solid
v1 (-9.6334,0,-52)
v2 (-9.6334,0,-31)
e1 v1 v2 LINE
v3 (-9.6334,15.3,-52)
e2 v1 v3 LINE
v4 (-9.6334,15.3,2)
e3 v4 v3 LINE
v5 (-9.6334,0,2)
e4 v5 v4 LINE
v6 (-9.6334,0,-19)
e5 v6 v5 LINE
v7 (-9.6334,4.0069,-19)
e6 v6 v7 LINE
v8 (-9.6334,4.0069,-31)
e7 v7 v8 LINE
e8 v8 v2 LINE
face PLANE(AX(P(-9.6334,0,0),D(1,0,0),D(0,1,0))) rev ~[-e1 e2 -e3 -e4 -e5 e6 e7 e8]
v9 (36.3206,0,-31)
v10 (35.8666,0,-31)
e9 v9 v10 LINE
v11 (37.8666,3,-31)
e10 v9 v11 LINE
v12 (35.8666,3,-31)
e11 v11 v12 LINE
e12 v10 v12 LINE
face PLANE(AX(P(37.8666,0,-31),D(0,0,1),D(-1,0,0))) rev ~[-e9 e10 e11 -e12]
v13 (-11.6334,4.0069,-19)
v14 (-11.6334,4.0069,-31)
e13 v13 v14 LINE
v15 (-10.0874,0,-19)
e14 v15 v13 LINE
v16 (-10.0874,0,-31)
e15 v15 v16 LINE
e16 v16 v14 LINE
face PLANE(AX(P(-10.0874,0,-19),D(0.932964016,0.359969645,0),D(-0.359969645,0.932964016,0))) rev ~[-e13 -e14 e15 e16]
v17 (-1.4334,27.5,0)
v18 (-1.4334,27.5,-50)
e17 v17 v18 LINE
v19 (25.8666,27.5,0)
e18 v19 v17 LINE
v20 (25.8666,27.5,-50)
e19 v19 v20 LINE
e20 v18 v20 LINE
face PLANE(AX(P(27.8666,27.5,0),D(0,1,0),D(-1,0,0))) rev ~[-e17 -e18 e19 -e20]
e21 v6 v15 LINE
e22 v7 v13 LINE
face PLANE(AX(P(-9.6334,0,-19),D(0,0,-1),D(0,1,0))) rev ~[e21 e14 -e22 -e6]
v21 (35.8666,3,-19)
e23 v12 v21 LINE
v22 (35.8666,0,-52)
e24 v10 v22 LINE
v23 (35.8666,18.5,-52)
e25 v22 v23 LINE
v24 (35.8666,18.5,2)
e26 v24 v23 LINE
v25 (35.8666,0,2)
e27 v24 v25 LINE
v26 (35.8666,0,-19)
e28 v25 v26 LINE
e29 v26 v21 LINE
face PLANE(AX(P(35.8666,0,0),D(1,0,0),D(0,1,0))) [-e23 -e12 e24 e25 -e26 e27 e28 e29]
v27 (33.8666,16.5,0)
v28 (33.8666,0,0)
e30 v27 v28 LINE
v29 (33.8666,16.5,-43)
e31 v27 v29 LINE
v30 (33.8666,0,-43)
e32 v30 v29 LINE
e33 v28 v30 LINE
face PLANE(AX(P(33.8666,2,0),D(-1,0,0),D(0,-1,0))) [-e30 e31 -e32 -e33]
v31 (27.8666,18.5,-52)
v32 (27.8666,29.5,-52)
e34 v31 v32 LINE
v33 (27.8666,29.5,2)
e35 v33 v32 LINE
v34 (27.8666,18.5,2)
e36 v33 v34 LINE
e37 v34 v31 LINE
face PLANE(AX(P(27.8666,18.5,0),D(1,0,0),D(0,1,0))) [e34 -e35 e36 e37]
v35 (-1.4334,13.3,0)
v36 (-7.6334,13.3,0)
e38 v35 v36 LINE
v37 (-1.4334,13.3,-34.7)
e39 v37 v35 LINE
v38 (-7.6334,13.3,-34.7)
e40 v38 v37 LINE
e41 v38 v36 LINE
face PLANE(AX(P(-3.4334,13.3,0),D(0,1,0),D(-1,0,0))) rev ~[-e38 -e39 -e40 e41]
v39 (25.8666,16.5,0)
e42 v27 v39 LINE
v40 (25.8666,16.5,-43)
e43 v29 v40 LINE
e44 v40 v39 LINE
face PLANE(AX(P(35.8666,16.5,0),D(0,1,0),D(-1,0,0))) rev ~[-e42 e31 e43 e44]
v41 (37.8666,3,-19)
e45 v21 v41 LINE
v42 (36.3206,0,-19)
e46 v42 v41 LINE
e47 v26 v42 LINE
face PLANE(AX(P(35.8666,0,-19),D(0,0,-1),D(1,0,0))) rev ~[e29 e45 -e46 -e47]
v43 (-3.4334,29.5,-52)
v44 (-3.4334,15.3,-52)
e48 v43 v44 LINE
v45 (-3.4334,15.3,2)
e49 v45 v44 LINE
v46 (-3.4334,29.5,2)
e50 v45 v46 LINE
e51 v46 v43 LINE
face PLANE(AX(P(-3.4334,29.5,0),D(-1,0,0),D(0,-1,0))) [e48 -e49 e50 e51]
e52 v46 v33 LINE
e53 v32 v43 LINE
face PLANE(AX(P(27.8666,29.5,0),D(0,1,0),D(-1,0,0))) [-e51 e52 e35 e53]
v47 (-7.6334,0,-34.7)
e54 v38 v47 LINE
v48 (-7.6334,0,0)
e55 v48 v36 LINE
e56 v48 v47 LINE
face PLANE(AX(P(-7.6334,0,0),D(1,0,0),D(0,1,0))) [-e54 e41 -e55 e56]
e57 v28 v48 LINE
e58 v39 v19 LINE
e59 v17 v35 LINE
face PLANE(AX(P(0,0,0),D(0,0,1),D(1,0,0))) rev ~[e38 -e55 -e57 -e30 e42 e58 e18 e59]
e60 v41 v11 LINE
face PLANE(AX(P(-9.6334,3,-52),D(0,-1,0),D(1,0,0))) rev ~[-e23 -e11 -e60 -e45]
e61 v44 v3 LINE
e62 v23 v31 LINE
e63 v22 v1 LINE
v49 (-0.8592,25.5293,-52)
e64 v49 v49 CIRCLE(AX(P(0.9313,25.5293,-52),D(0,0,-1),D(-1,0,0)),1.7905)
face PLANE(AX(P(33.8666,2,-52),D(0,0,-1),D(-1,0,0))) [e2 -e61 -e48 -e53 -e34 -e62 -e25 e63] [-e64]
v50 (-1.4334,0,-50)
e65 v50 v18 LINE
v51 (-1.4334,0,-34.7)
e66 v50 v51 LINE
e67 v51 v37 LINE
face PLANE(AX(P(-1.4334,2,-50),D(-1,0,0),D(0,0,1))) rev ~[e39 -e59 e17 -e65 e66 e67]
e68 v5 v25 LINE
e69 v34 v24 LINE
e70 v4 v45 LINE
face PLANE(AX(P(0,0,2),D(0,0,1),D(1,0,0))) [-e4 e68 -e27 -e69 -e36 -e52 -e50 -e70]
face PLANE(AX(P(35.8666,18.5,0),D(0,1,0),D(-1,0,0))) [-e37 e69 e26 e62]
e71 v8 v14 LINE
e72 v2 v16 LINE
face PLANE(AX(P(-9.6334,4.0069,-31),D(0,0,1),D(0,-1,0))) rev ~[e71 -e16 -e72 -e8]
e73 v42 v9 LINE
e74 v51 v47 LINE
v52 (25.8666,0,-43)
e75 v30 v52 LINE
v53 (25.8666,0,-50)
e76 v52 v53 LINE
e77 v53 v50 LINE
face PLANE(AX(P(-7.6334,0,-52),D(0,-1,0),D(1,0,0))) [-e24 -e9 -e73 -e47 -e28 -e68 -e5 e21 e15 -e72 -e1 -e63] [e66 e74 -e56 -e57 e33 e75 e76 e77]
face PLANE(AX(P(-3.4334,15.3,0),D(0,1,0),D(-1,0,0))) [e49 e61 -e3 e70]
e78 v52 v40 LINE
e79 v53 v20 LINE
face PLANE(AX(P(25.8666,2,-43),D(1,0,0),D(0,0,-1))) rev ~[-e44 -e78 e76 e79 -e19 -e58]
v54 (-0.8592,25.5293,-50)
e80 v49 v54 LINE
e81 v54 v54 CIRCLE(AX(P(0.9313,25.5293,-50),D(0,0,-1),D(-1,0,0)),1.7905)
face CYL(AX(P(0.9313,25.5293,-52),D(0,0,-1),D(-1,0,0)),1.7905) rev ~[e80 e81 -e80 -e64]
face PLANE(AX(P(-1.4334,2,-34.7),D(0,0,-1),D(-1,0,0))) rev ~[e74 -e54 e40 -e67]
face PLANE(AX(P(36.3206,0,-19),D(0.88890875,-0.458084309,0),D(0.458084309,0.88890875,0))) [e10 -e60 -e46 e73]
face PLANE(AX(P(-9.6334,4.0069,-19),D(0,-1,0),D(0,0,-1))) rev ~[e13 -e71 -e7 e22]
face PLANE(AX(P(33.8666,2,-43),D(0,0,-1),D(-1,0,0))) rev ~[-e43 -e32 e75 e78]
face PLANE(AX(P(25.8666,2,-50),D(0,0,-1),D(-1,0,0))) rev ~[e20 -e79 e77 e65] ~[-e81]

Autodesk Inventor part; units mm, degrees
ref_plane "YZ Plane" through (0, 0, 0) normal (1, 0, 0) x (0, 1, 0)
ref_plane "XZ Plane" through (0, 0, 0) normal (0, 1, 0) x (-1, 0, 0)
ref_plane "XY Plane" through (0, 0, 0) normal (0, 0, 1) x (1, 0, 0)
sketch "Sketch1" plane through (0, 0, 0) normal (0, 0, 1) x (1, 0, 0)
  line L0 (-9.6334, 0) -> (35.8666, 0)
  line L1 (35.8666, 0) -> (35.8666, 18.5)
  line L2 (35.8666, 18.5) -> (27.8666, 18.5)
  line L3 (27.8666, 18.5) -> (27.8666, 29.5)
  line L4 (27.8666, 29.5) -> (-3.4334, 29.5)
  line L5 (-3.4334, 29.5) -> (-3.4334, 15.3)
  line L6 (-3.4334, 15.3) -> (-9.6334, 15.3)
  line L7 (-9.6334, 0) -> (-9.6334, 15.3)
  point P0 (0, 0)
  dimension "d0" = 45.5
  dimension "d1" = 18.5
  dimension "d2" = 8
  dimension "d3" = 11
  dimension "d4" = 31.3
  dimension "d5" = 14.2
  dimension "d6" = 6.2
extrude "Extrusion1" add sketch "Sketch1" against normal blind 52
shell "Shell1" thickness 2 removed faces 1 at (7.5999, 5.1, 0)
sketch "Sketch2" plane through (-7.6334, 2, -50) normal (0, 0, 1) x (1, 0, 0)
  line L0 (41.5, 0) -> (0, 0) projected
  line L1 (0, 11.3) -> (6.2, 11.3)
  line L2 (6.2, 11.3) -> (6.2, 0)
  line L3 (6.2, 0) -> (0, 0)
  line L4 (0, 0) -> (0, 11.3)
  point P0 (7.6334, -2)
extrude "Extrusion2" add sketch "Sketch2" along normal blind 15.3
sketch "Sketch3" plane through (-1.4334, 2, -50) normal (0, 0, 1) x (1, 0, 0)
  line L0 (35.3, 0) -> (0, 0) projected
  line L1 (35.3, 14.5) -> (27.3, 14.5)
  line L2 (27.3, 14.5) -> (27.3, 0)
  line L3 (27.3, 0) -> (35.3, 0)
  line L4 (35.3, 0) -> (35.3, 14.5)
  point P0 (1.4334, -2)
extrude "Extrusion3" add sketch "Sketch3" along normal blind 7
sketch "Sketch4" plane through (0, 0, 0) normal (0, 0, 1) x (1, 0, 0)
  line L0 (-9.6334, 0) -> (35.8666, 0) projected
  line L1 (-7.6334, 2) -> (33.8666, 2)
  line L2 (33.8666, 2) -> (33.8666, 0)
  line L3 (33.8666, 0) -> (-7.6334, 0)
  line L4 (-7.6334, 0) -> (-7.6334, 2)
  point P0 (0, 0)
extrude "Extrusion4" cut sketch "Sketch4" against normal blind 151
sketch "Sketch5" plane through (-7.6334, 2, -52) normal (0, -1, 0) x (1, 0, 0)
  line L0 (41.5, 0) -> (0, 0) projected
  line L1 (41.5, 9) -> (41.5, 0) projected
  line L2 (41.5, 9) -> (33.5, 9) projected
  line L3 (33.5, 9) -> (33.5, 2) projected
  line L4 (33.5, 2) -> (6.2, 2) projected
  line L5 (6.2, 2) -> (6.2, 17.3) projected
  line L6 (6.2, 17.3) -> (0, 17.3) projected
  line L7 (0, 17.3) -> (0, 0) projected
  point P0 (7.6334, 52)
extrude "Extrusion5" add sketch "Sketch5" along normal blind 2
sketch "Sketch6" plane through (0, 0, 0) normal (0, 0, 1) x (1, 0, 0)
  line L0 (-3.4334, 29.5) -> (27.8666, 29.5)
  line L1 (27.8666, 29.5) -> (27.8666, 0)
  line L2 (27.8666, 0) -> (-3.4334, 0)
  line L3 (-3.4334, 0) -> (-3.4334, 29.5)
  line L4 (-9.6334, 15.3) -> (-3.4334, 15.3)
  line L5 (-3.4334, 15.3) -> (-3.4334, 0)
  line L6 (-3.4334, 0) -> (-9.6334, 0)
  line L7 (-9.6334, 0) -> (-9.6334, 15.3)
  line L8 (27.8666, 18.5) -> (35.8666, 18.5)
  line L9 (35.8666, 18.5) -> (35.8666, 0)
  line L10 (35.8666, 0) -> (27.8666, 0)
  line L11 (27.8666, 0) -> (27.8666, 18.5)
  point P0 (0, 0)
extrude "Extrusion6" add sketch "Sketch6" along normal blind 2
sketch "Sketch7" plane through (-9.6334, 0, -52) normal (-1, 0, 0) x (0, 0, 1)
  line L0 (0, 0) -> (0, 15.3) projected
  line L1 (54, 0) -> (0, 0) projected
  line L2 (21, 0) -> (33, 0)
  line L3 (33, 0) -> (33, 4.0069)
  line L4 (33, 4.0069) -> (21, 4.0069)
  line L5 (21, 4.0069) -> (21, 0)
  point P0 (52, 0)
  dimension "d20" = 54
  dimension "d21" = 12
  dimension "d22" = 21
extrude "Extrusion7" add sketch "Sketch7" along normal blind 2
sketch "Sketch8" plane through (-9.6334, 0, -52) normal (0, -1, 0) x (1, 0, 0)
  line L0 (45.5, 0) -> (45.5, 54) projected
  line L1 (45.5, 33) -> (47.5, 33)
  line L2 (47.5, 33) -> (47.5, 21)
  line L3 (47.5, 21) -> (45.5, 21)
  line L4 (45.5, 21) -> (45.5, 33)
  point P0 (9.6334, 52)
  dimension "d25" = 2
extrude "Extrusion8" add sketch "Sketch8" against normal blind 3
sketch "Sketch9" plane through (35.8666, 0, -19) normal (0, 0, 1) x (1, 0, 0)
  line L0 (2, 0) -> (0, 0) projected
  line L1 (2, 0) -> (2, 3) projected
  line L2 (0, 0) -> (0, 3) projected
  line L3 (0.454, 0) -> (2, 3)
  line L4 (2, 3) -> (2, 0)
  point P0 (-35.8666, 0)
extrude "Extrusion9" cut sketch "Sketch9" against normal blind 19.25
sketch "Sketch10" plane through (-9.6334, 0, -19) normal (0, 0, 1) x (1, 0, 0)
  line L0 (-2, 0) -> (-2, 4.0069) projected
  line L1 (0, 0) -> (-2, 0) projected
  line L2 (0, 0) -> (-0.454, 0)
  line L3 (-0.454, 0) -> (-2, 4.0069)
  line L4 (-2, 0) -> (-0.454, 0)
  line L5 (-2, 0) -> (-2, 4.0069)
  point P0 (9.6334, 0)
  dimension "d30" = 0.454
extrude "Extrusion10" cut sketch "Sketch10" against normal blind 34.5
sketch "Sketch11" plane through (0, 0, -52) normal (0, 0, -1) x (-1, 0, 0)
  circle A0 centre (-0.9313, 25.5293) radius 1.7905
  point P0 (0, 0)
extrude "Extrusion11" cut sketch "Sketch11" against normal blind 27.25
properties part number "SkateBox"
